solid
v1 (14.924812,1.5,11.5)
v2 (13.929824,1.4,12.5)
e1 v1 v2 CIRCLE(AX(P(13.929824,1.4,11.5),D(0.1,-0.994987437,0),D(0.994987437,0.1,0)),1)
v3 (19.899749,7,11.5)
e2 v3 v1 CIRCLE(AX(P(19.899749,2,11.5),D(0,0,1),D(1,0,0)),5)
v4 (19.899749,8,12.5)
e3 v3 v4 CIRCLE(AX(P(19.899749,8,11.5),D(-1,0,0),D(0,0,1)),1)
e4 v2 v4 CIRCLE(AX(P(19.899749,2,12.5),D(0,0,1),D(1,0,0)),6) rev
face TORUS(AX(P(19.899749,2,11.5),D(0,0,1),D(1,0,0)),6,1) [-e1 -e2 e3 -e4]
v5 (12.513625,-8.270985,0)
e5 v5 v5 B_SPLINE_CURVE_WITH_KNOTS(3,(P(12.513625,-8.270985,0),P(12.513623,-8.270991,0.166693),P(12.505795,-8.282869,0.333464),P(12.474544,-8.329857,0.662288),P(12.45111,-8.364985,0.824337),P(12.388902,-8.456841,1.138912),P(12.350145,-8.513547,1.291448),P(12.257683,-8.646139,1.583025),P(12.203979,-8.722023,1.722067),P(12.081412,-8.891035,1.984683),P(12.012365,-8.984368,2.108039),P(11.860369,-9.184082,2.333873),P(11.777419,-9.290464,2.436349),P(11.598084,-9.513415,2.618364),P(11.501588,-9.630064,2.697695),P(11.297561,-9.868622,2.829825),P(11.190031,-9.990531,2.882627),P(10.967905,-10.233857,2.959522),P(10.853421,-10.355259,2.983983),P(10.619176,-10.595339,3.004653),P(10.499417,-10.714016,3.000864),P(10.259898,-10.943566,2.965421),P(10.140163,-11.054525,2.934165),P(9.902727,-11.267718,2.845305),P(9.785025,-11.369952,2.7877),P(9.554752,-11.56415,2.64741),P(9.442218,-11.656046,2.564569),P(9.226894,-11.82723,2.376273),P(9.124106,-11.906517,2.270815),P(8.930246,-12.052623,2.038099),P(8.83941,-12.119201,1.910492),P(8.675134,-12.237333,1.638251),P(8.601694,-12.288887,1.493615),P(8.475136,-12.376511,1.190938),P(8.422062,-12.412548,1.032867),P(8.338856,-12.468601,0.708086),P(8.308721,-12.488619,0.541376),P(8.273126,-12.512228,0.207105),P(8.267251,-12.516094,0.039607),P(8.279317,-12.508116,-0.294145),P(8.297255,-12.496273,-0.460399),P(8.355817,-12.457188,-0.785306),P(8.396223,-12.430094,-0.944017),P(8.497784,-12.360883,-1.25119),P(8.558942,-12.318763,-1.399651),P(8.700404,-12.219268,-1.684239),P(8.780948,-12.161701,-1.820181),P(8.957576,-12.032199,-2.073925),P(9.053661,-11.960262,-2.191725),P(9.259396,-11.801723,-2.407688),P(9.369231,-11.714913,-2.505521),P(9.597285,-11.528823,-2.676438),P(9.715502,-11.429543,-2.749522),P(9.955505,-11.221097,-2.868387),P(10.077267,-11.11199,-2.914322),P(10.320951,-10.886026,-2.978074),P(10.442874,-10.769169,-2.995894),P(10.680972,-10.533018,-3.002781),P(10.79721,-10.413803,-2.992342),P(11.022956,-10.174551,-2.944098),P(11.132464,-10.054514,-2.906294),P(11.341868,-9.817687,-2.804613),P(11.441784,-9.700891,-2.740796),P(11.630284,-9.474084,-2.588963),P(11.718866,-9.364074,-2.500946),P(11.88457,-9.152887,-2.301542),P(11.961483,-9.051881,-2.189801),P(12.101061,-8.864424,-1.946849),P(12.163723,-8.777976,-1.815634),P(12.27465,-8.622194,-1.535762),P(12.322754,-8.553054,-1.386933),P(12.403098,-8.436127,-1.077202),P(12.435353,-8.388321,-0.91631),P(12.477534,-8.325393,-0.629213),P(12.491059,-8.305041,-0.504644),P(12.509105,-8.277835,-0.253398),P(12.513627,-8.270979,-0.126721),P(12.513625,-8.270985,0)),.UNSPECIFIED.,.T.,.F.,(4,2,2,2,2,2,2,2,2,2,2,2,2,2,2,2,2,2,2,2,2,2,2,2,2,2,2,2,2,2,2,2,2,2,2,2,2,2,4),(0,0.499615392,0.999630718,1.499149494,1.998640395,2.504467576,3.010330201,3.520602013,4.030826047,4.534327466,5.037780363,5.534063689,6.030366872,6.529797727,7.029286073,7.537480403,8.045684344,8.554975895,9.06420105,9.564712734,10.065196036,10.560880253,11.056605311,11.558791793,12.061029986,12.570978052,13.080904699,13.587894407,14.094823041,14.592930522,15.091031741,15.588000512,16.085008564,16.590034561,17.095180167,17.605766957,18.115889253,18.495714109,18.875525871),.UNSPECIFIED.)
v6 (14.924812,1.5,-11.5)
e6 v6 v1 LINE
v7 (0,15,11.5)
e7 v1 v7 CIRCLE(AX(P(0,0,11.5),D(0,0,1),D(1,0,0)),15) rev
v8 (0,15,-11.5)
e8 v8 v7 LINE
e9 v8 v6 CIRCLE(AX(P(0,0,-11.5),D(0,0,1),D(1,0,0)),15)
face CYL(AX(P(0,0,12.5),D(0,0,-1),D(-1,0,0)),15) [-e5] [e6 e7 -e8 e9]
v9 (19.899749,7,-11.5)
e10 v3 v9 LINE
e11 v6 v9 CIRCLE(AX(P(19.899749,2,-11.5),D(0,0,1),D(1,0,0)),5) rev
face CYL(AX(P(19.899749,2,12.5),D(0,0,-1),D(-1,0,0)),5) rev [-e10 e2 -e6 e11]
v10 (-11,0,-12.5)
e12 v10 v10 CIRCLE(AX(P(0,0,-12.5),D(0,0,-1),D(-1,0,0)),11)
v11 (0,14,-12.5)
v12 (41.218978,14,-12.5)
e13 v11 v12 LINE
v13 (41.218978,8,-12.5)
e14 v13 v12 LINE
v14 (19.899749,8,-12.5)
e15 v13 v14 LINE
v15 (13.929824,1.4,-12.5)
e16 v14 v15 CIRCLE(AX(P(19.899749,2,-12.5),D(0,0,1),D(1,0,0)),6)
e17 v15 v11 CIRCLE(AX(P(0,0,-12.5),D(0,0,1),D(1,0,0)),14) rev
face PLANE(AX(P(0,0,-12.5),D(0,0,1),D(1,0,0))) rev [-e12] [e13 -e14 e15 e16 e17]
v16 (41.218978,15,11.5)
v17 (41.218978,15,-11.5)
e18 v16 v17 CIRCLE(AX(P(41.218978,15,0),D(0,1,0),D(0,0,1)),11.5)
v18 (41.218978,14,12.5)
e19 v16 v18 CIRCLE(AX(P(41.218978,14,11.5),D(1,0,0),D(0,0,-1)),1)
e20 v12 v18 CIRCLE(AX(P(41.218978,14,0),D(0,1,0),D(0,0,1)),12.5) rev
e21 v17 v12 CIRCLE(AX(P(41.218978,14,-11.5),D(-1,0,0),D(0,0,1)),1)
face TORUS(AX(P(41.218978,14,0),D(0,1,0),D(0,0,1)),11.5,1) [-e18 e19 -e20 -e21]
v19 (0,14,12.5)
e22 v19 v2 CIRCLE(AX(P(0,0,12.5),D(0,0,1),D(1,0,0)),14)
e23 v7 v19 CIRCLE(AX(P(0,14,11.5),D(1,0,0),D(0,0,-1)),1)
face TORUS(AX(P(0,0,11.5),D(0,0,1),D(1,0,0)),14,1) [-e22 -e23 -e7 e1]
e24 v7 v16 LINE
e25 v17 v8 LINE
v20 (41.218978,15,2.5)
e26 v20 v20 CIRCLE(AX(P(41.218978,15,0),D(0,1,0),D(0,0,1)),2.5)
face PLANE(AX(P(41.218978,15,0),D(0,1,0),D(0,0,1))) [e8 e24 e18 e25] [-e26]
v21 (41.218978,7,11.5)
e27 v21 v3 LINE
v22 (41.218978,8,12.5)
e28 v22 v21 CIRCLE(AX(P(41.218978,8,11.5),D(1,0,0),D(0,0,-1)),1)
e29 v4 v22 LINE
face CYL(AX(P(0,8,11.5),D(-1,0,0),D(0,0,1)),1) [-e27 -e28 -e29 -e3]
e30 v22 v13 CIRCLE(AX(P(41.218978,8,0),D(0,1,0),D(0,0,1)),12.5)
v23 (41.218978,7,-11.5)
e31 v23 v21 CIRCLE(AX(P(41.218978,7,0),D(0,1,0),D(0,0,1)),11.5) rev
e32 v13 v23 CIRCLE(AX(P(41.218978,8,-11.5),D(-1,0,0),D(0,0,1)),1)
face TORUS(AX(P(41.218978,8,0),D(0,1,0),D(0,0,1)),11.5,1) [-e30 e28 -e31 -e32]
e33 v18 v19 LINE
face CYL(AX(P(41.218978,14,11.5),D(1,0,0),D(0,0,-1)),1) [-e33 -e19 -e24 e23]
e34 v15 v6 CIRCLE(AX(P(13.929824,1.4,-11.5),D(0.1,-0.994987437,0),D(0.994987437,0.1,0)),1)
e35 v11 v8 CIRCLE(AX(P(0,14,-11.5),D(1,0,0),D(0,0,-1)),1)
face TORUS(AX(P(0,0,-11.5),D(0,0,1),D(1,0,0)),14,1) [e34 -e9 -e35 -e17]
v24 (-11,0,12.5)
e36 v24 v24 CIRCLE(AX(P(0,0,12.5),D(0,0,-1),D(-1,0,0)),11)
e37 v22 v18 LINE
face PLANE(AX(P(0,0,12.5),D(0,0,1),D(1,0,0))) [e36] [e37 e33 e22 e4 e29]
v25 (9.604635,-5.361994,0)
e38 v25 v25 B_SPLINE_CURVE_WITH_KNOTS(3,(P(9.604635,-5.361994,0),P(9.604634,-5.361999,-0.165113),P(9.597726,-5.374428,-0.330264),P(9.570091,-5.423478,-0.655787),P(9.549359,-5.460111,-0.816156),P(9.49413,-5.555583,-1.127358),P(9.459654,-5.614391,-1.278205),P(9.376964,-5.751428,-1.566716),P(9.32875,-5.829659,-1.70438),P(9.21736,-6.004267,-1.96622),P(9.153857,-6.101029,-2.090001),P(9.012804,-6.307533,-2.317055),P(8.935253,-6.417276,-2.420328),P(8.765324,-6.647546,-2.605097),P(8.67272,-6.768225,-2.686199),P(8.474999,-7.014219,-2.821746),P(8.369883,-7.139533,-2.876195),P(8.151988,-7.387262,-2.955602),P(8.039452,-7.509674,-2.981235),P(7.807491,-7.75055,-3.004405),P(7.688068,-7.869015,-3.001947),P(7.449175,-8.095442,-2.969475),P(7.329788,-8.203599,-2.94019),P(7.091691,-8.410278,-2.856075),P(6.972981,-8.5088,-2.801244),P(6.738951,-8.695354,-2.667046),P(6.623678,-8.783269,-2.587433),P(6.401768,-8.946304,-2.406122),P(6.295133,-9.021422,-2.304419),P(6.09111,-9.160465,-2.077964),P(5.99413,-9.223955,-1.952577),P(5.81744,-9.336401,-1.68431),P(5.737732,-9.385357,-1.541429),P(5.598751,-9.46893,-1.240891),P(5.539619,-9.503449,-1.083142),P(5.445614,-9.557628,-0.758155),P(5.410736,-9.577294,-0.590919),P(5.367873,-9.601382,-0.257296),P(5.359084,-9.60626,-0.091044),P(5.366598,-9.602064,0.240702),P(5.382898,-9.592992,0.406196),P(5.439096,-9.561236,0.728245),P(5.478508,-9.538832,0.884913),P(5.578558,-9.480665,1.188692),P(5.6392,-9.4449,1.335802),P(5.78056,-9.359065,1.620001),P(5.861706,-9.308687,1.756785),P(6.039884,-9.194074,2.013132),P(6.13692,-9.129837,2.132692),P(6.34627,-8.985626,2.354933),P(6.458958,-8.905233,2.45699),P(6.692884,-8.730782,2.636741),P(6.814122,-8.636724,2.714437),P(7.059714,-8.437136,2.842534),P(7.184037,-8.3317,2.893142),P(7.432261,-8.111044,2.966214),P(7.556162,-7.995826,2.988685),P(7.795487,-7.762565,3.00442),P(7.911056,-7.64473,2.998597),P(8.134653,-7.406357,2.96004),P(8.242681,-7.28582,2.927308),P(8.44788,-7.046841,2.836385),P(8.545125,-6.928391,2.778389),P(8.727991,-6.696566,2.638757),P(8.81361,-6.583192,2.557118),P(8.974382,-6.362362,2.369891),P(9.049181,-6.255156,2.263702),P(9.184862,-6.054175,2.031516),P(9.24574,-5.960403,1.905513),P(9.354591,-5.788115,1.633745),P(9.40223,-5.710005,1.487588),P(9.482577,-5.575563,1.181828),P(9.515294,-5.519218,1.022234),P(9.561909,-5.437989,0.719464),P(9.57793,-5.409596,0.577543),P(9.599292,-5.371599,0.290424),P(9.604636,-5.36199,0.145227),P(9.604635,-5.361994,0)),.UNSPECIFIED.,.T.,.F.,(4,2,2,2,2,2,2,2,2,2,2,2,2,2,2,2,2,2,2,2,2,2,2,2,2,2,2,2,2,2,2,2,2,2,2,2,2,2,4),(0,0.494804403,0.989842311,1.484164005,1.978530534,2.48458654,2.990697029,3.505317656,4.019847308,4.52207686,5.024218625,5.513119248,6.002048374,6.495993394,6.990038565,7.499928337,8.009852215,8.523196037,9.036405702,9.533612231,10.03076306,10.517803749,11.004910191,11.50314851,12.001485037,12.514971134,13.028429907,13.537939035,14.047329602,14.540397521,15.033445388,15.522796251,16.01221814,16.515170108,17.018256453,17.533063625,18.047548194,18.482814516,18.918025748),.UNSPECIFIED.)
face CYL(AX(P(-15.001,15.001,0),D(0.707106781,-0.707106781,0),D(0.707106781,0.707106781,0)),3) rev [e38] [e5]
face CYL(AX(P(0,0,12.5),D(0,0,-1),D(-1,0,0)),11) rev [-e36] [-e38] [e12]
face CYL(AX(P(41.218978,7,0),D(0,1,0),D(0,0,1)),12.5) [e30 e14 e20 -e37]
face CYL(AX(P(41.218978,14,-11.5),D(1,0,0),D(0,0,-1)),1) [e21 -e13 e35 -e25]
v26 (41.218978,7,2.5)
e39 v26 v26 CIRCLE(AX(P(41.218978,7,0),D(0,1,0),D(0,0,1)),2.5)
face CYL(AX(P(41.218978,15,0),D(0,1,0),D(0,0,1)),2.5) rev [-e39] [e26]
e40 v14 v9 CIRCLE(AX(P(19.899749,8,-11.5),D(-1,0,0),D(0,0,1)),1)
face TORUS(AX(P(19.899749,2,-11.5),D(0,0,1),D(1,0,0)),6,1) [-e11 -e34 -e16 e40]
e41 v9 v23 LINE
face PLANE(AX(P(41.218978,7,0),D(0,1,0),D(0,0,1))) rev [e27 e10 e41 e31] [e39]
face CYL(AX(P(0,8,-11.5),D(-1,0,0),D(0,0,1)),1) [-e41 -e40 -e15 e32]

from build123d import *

# Parameters (mm, degrees)
ESBO_O1_R                  = 15
RESSALTO_EXTRUS_O1_DEPTH   = 12.5
RESSALTO_EXTRUS_O2_DEPTH   = 8
FILETE1_R                  = 5
ESBO_O3_R                  = 11
CORTE_EXTRUS_O1_DEPTH      = 62.120606846
CORTE_EXTRUS_O2_REACH      = 53.678
CORTE_EXTRUS_O2_END_RADIUS = 11
ESBO_O6_R                  = 3
FURO_ROSCADO_DE_M62_D      = 5
FILETE2_R                  = 1


with BuildPart() as part:
    # Esboço1 → Ressalto-extrusão1 (new, symmetric)
    with BuildSketch(Plane.XY):
        Circle(ESBO_O1_R)
    extrude(amount=RESSALTO_EXTRUS_O1_DEPTH, both=True)

    # Esboço2 → Ressalto-extrusão2 (add)
    with BuildSketch(Plane(origin=(0, 15, 0), x_dir=(1, 0, 0), z_dir=(0, 1, 0))):
        with BuildLine():
            Line((41.21897785, 12.5), (0, 12.5))
            Line((0, 12.5), (0, -12.5))
            Line((0, -12.5), (41.21897785, -12.5))
            ThreePointArc((41.21897785, -12.5), (53.71897785, 0), (41.21897785, 12.5))
        make_face()
    extrude(amount=-RESSALTO_EXTRUS_O2_DEPTH)

    # Filete1
    filete1_edges = [part.edges().sort_by_distance(p)[0] for p in [
        (13.266499161, 7, 0),
    ]]
    fillet(filete1_edges, radius=FILETE1_R)

    # Esboço3 → Corte-extrusão1 (cut, through all)
    with BuildSketch(Plane(origin=(0, 0, -12.5), x_dir=(-1, 0, 0), z_dir=(0, 0, -1))):
        Circle(ESBO_O3_R)
    extrude(amount=-CORTE_EXTRUS_O1_DEPTH, mode=Mode.SUBTRACT)

    # Corte-extrusão2: up to this cylinder (the profile starts outside it)
    corte_extrus_o2_end = Plane(origin=(0, 0, 0), z_dir=(0, 0, -1)) * Cylinder(CORTE_EXTRUS_O2_END_RADIUS, 130.356, mode=Mode.PRIVATE)
    # Esboço6 → Corte-extrusão2 (cut, up to the surface)
    with BuildSketch(Plane(origin=(10.606601718, -10.606601718, 0), x_dir=(0, 0, -1), z_dir=(0.7071067811865464, -0.7071067811865488, 0)), mode=Mode.PRIVATE) as corte_extrus_o2_sk1:
        with Locations(Location((0, 0, 0), (0, 0, 90))):
            Circle(ESBO_O6_R)
    corte_extrus_o2_tool1 = extrude(corte_extrus_o2_sk1.sketch, amount=-CORTE_EXTRUS_O2_REACH, mode=Mode.PRIVATE) - corte_extrus_o2_end
    add(corte_extrus_o2_tool1.solids().sort_by_distance((10.606602, -10.606602, 0))[0], mode=Mode.SUBTRACT)

    # Furo roscado de M62 (through all)
    with Locations(Plane(origin=(0, 15, 0), x_dir=(1, 0, 0), z_dir=(0, 1, 0))):
        with Locations((41.21897785, 0)):
            Hole(FURO_ROSCADO_DE_M62_D / 2)

    # Filete2
    filete2_edges = [part.edges().sort_by_distance(p)[0] for p in [
        (30.559363296, 7, -12.5),
        (53.71897785, 15, 0),
        (20.609488925, 15, -12.5),
        (20.609488925, 15, 12.5),
        (30.559363296, 7, 12.5),
        (16.191649499, 5.354101966, -12.5),
        (16.191649499, 5.354101966, 12.5),
        (-10.062305899, -11.124297731, -12.5),
        (-10.062305899, -11.124297731, 12.5),
        (53.71897785, 7, 0),
    ]]
    fillet(filete2_edges, radius=FILETE2_R)


solid = part.part
